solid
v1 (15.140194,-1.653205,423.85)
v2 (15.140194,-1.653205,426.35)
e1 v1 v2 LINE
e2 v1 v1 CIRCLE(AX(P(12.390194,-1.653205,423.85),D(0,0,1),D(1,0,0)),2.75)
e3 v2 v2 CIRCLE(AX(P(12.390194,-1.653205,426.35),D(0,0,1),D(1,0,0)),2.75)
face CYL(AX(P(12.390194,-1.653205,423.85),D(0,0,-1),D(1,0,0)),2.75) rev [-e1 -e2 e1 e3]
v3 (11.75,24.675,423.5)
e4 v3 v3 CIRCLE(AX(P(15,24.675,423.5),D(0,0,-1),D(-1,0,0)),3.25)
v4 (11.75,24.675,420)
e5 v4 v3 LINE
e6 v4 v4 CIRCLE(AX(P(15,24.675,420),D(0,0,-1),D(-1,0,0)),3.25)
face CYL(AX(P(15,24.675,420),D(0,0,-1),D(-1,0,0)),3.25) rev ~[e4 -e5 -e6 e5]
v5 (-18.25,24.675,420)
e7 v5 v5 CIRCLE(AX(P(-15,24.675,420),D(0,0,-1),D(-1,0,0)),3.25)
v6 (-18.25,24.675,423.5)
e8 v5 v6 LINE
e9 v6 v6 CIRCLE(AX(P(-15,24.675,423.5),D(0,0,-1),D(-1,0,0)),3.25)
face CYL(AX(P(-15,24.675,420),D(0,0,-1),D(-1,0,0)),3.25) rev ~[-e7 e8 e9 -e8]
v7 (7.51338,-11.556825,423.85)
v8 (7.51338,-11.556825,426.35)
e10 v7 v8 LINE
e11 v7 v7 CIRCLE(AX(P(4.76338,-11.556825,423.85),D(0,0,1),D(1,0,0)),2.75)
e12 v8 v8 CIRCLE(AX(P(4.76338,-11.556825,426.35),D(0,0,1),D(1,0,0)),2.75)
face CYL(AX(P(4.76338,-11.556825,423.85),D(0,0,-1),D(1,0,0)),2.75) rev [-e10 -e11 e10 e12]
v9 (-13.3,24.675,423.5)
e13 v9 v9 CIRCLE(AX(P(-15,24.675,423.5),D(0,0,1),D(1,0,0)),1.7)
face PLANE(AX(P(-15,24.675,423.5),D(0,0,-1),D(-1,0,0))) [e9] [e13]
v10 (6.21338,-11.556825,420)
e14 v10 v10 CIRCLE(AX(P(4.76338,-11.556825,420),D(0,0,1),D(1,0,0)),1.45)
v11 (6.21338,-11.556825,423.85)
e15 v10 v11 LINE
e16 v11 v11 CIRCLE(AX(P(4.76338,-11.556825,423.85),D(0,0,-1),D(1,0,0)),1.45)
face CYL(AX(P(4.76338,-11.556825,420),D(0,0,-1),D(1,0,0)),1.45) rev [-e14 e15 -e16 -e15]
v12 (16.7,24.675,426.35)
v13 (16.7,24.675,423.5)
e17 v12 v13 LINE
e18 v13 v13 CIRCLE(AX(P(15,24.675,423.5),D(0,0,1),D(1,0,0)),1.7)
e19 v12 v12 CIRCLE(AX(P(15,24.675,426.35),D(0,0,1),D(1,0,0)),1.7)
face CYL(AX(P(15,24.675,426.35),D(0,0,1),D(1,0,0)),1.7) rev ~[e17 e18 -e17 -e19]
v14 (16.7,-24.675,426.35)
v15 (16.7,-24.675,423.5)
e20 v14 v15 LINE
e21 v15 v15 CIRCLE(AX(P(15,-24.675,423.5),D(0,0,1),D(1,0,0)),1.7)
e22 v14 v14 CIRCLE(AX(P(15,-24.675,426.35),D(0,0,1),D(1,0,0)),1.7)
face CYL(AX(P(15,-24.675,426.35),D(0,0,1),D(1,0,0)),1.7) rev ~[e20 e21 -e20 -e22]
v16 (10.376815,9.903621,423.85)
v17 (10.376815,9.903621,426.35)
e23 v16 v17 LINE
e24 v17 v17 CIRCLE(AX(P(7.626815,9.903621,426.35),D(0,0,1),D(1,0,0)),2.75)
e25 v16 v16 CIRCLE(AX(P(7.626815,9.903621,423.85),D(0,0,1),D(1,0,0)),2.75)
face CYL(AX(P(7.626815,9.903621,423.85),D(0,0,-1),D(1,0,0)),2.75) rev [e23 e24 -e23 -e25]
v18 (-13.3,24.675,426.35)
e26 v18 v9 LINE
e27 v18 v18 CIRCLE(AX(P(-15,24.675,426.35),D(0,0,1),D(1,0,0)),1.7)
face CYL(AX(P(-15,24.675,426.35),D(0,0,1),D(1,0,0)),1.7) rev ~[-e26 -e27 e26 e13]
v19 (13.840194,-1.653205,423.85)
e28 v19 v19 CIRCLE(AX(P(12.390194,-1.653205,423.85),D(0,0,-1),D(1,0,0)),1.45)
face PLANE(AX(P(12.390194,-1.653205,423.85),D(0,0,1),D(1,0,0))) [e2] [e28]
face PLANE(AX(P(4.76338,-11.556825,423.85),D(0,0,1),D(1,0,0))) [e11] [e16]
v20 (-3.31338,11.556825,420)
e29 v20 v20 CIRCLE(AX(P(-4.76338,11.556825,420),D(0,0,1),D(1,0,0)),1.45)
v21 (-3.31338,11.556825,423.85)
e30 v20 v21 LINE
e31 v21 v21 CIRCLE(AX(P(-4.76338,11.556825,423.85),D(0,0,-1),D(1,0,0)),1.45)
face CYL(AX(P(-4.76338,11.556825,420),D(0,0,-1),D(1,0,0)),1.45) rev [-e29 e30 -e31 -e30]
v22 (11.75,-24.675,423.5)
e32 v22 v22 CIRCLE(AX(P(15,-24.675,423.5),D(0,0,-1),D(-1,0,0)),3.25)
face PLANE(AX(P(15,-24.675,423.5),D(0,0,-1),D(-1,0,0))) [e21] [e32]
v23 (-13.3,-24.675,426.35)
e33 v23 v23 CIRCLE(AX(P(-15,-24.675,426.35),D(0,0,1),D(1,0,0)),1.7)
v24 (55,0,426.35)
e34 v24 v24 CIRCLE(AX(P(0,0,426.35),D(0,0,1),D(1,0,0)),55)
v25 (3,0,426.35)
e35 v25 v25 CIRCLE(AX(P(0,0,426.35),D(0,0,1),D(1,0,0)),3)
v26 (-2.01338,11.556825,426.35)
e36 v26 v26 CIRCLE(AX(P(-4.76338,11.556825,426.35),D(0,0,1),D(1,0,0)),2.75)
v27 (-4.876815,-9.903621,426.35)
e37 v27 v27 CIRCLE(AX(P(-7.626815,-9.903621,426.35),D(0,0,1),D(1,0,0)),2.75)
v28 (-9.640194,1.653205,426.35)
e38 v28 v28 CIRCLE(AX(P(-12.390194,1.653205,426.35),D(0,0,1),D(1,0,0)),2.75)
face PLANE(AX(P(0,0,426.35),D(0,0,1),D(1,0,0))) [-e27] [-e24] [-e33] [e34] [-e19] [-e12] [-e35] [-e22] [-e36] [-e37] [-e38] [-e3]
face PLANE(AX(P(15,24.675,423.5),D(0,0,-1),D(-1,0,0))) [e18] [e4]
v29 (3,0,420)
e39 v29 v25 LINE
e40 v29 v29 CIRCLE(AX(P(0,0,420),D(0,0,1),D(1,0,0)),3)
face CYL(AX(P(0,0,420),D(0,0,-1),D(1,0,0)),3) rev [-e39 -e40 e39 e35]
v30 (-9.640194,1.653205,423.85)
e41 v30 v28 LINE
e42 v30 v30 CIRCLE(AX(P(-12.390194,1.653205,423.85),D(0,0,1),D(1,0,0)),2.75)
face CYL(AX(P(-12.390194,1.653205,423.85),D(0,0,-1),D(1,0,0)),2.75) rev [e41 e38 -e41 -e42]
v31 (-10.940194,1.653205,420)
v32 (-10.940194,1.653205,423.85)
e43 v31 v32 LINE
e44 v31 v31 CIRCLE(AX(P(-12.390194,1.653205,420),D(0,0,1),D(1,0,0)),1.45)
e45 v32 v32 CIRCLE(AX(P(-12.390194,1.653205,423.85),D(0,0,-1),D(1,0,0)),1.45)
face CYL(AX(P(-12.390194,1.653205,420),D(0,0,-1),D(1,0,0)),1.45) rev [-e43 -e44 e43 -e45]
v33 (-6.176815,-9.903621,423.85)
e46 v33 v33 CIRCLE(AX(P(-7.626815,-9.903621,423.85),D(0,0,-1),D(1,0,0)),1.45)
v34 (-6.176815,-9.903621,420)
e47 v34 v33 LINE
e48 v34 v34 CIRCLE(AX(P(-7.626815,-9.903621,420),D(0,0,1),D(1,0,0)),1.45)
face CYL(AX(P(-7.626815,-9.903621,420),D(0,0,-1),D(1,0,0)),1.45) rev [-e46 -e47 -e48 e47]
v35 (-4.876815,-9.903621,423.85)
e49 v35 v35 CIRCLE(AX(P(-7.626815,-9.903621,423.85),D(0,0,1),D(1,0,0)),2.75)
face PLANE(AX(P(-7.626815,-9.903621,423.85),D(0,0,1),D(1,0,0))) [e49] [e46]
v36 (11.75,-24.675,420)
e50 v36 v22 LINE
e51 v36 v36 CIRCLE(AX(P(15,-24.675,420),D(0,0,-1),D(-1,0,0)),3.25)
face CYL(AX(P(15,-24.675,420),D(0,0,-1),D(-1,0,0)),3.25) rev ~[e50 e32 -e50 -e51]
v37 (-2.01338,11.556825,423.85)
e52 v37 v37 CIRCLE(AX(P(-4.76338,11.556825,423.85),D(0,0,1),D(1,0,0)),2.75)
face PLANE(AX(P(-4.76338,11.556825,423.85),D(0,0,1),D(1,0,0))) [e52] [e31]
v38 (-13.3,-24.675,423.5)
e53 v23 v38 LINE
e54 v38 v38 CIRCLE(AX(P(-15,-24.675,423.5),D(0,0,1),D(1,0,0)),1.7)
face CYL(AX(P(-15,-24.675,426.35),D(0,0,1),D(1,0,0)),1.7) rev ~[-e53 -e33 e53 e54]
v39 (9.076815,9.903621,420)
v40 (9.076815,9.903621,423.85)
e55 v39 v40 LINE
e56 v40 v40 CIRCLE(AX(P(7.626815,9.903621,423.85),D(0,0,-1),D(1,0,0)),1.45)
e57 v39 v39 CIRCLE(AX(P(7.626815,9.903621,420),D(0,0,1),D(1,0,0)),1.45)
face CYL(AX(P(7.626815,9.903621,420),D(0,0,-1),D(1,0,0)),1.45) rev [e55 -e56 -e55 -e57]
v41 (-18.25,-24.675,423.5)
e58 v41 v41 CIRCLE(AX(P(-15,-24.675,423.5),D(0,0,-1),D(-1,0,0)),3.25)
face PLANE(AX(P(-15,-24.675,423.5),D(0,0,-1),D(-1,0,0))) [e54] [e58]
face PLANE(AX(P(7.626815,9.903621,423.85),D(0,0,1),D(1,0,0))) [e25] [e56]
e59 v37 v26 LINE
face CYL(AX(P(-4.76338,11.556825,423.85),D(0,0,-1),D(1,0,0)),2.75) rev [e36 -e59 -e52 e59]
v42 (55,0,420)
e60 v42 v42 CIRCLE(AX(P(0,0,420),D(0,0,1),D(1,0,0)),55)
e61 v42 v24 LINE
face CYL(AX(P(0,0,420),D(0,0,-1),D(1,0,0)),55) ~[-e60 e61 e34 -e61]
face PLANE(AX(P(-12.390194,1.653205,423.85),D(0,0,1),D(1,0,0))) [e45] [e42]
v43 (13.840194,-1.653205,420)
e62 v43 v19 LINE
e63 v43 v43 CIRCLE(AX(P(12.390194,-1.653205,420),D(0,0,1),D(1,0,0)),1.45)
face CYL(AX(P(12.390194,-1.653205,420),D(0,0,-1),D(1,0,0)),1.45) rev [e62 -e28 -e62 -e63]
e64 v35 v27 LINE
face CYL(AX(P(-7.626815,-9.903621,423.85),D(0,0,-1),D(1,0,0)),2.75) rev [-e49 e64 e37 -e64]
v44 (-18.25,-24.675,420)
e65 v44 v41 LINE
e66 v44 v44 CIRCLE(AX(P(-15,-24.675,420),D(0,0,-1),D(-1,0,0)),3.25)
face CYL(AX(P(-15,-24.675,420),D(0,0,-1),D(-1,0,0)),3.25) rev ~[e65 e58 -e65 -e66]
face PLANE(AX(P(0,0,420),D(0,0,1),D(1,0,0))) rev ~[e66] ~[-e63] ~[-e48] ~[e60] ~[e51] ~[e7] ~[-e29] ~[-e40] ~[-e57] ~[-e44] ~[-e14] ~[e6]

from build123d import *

# Parameters (mm, degrees)
DISCO_START                  = 420
SK_DISCO_R                   = 55
DISCO_DEPTH                  = 6.35
PASANTES_M2_5_ROTOR_J4_START = 420
SK_PASANTES_M2_5_ROTOR_J4_R  = 1.45
PASANTES_M2_5_ROTOR_J4_DEPTH = 6.35
CAJAS_M2_5_START             = 423.85
SK_CAJAS_M2_5_R              = 2.75
CAJAS_M2_5_DEPTH             = 2.5
PASO_CABLE_START             = 420
SK_PASO_CABLE_R              = 3
PASO_CABLE_DEPTH             = 6.35
SK_PASANTES_M3_PAREDES_R     = 1.7
PASANTES_M3_PAREDES_DEPTH    = 79.040518322
SK_CAJAS_M3_PAREDES_R        = 3.25
CAJAS_M3_PAREDES_DEPTH       = 3.5


with BuildPart() as part:
    # Sk_Disco → Disco (new body)
    with BuildSketch(Plane.XY.offset(DISCO_START)):
        Circle(SK_DISCO_R)
    extrude(amount=DISCO_DEPTH)

    # Sk_Pasantes_M2-5_rotor_J4 → Pasantes_M2-5_rotor_J4 (cut)
    with BuildSketch(Plane.XY.offset(PASANTES_M2_5_ROTOR_J4_START)):
        with Locations((12.390194253, -1.653204878)):
            Circle(SK_PASANTES_M2_5_ROTOR_J4_R)
        with Locations((7.626814549, 9.903620542)):
            Circle(SK_PASANTES_M2_5_ROTOR_J4_R)
        with Locations((-4.763379704, 11.55682542)):
            Circle(SK_PASANTES_M2_5_ROTOR_J4_R)
        with Locations((-12.390194253, 1.653204878)):
            Circle(SK_PASANTES_M2_5_ROTOR_J4_R)
        with Locations((-7.626814549, -9.903620542)):
            Circle(SK_PASANTES_M2_5_ROTOR_J4_R)
        with Locations((4.763379704, -11.55682542)):
            Circle(SK_PASANTES_M2_5_ROTOR_J4_R)
    extrude(amount=PASANTES_M2_5_ROTOR_J4_DEPTH, mode=Mode.SUBTRACT)

    # Sk_Cajas_M2-5 → Cajas_M2-5 (cut)
    with BuildSketch(Plane.XY.offset(CAJAS_M2_5_START)):
        with Locations((12.390194253, -1.653204878)):
            Circle(SK_CAJAS_M2_5_R)
        with Locations((7.626814549, 9.903620542)):
            Circle(SK_CAJAS_M2_5_R)
        with Locations((-4.763379704, 11.55682542)):
            Circle(SK_CAJAS_M2_5_R)
        with Locations((-12.390194253, 1.653204878)):
            Circle(SK_CAJAS_M2_5_R)
        with Locations((-7.626814549, -9.903620542)):
            Circle(SK_CAJAS_M2_5_R)
        with Locations((4.763379704, -11.55682542)):
            Circle(SK_CAJAS_M2_5_R)
    extrude(amount=CAJAS_M2_5_DEPTH, mode=Mode.SUBTRACT)

    # Sk_Paso_cable → Paso_cable (cut)
    with BuildSketch(Plane.XY.offset(PASO_CABLE_START)):
        Circle(SK_PASO_CABLE_R)
    extrude(amount=PASO_CABLE_DEPTH, mode=Mode.SUBTRACT)

    # Sk_Pasantes_M3_paredes → Pasantes_M3_paredes (cut, through all)
    with BuildSketch(Plane.XY.offset(426.35)):
        with Locations((-15, -24.675)):
            Circle(SK_PASANTES_M3_PAREDES_R)
        with Locations((15, -24.675)):
            Circle(SK_PASANTES_M3_PAREDES_R)
        with Locations((-15, 24.675)):
            Circle(SK_PASANTES_M3_PAREDES_R)
        with Locations((15, 24.675)):
            Circle(SK_PASANTES_M3_PAREDES_R)
    extrude(amount=-PASANTES_M3_PAREDES_DEPTH, mode=Mode.SUBTRACT)

    # Sk_Cajas_M3_paredes → Cajas_M3_paredes (cut)
    with BuildSketch(Plane(origin=(0, 0, 420), x_dir=(-1, 0, 0), z_dir=(0, 0, -1))):
        with Locations((15, -24.675)):
            Circle(SK_CAJAS_M3_PAREDES_R)
        with Locations((-15, -24.675)):
            Circle(SK_CAJAS_M3_PAREDES_R)
        with Locations((15, 24.675)):
            Circle(SK_CAJAS_M3_PAREDES_R)
        with Locations((-15, 24.675)):
            Circle(SK_CAJAS_M3_PAREDES_R)
    extrude(amount=-CAJAS_M3_PAREDES_DEPTH, mode=Mode.SUBTRACT)


solid = part.part
